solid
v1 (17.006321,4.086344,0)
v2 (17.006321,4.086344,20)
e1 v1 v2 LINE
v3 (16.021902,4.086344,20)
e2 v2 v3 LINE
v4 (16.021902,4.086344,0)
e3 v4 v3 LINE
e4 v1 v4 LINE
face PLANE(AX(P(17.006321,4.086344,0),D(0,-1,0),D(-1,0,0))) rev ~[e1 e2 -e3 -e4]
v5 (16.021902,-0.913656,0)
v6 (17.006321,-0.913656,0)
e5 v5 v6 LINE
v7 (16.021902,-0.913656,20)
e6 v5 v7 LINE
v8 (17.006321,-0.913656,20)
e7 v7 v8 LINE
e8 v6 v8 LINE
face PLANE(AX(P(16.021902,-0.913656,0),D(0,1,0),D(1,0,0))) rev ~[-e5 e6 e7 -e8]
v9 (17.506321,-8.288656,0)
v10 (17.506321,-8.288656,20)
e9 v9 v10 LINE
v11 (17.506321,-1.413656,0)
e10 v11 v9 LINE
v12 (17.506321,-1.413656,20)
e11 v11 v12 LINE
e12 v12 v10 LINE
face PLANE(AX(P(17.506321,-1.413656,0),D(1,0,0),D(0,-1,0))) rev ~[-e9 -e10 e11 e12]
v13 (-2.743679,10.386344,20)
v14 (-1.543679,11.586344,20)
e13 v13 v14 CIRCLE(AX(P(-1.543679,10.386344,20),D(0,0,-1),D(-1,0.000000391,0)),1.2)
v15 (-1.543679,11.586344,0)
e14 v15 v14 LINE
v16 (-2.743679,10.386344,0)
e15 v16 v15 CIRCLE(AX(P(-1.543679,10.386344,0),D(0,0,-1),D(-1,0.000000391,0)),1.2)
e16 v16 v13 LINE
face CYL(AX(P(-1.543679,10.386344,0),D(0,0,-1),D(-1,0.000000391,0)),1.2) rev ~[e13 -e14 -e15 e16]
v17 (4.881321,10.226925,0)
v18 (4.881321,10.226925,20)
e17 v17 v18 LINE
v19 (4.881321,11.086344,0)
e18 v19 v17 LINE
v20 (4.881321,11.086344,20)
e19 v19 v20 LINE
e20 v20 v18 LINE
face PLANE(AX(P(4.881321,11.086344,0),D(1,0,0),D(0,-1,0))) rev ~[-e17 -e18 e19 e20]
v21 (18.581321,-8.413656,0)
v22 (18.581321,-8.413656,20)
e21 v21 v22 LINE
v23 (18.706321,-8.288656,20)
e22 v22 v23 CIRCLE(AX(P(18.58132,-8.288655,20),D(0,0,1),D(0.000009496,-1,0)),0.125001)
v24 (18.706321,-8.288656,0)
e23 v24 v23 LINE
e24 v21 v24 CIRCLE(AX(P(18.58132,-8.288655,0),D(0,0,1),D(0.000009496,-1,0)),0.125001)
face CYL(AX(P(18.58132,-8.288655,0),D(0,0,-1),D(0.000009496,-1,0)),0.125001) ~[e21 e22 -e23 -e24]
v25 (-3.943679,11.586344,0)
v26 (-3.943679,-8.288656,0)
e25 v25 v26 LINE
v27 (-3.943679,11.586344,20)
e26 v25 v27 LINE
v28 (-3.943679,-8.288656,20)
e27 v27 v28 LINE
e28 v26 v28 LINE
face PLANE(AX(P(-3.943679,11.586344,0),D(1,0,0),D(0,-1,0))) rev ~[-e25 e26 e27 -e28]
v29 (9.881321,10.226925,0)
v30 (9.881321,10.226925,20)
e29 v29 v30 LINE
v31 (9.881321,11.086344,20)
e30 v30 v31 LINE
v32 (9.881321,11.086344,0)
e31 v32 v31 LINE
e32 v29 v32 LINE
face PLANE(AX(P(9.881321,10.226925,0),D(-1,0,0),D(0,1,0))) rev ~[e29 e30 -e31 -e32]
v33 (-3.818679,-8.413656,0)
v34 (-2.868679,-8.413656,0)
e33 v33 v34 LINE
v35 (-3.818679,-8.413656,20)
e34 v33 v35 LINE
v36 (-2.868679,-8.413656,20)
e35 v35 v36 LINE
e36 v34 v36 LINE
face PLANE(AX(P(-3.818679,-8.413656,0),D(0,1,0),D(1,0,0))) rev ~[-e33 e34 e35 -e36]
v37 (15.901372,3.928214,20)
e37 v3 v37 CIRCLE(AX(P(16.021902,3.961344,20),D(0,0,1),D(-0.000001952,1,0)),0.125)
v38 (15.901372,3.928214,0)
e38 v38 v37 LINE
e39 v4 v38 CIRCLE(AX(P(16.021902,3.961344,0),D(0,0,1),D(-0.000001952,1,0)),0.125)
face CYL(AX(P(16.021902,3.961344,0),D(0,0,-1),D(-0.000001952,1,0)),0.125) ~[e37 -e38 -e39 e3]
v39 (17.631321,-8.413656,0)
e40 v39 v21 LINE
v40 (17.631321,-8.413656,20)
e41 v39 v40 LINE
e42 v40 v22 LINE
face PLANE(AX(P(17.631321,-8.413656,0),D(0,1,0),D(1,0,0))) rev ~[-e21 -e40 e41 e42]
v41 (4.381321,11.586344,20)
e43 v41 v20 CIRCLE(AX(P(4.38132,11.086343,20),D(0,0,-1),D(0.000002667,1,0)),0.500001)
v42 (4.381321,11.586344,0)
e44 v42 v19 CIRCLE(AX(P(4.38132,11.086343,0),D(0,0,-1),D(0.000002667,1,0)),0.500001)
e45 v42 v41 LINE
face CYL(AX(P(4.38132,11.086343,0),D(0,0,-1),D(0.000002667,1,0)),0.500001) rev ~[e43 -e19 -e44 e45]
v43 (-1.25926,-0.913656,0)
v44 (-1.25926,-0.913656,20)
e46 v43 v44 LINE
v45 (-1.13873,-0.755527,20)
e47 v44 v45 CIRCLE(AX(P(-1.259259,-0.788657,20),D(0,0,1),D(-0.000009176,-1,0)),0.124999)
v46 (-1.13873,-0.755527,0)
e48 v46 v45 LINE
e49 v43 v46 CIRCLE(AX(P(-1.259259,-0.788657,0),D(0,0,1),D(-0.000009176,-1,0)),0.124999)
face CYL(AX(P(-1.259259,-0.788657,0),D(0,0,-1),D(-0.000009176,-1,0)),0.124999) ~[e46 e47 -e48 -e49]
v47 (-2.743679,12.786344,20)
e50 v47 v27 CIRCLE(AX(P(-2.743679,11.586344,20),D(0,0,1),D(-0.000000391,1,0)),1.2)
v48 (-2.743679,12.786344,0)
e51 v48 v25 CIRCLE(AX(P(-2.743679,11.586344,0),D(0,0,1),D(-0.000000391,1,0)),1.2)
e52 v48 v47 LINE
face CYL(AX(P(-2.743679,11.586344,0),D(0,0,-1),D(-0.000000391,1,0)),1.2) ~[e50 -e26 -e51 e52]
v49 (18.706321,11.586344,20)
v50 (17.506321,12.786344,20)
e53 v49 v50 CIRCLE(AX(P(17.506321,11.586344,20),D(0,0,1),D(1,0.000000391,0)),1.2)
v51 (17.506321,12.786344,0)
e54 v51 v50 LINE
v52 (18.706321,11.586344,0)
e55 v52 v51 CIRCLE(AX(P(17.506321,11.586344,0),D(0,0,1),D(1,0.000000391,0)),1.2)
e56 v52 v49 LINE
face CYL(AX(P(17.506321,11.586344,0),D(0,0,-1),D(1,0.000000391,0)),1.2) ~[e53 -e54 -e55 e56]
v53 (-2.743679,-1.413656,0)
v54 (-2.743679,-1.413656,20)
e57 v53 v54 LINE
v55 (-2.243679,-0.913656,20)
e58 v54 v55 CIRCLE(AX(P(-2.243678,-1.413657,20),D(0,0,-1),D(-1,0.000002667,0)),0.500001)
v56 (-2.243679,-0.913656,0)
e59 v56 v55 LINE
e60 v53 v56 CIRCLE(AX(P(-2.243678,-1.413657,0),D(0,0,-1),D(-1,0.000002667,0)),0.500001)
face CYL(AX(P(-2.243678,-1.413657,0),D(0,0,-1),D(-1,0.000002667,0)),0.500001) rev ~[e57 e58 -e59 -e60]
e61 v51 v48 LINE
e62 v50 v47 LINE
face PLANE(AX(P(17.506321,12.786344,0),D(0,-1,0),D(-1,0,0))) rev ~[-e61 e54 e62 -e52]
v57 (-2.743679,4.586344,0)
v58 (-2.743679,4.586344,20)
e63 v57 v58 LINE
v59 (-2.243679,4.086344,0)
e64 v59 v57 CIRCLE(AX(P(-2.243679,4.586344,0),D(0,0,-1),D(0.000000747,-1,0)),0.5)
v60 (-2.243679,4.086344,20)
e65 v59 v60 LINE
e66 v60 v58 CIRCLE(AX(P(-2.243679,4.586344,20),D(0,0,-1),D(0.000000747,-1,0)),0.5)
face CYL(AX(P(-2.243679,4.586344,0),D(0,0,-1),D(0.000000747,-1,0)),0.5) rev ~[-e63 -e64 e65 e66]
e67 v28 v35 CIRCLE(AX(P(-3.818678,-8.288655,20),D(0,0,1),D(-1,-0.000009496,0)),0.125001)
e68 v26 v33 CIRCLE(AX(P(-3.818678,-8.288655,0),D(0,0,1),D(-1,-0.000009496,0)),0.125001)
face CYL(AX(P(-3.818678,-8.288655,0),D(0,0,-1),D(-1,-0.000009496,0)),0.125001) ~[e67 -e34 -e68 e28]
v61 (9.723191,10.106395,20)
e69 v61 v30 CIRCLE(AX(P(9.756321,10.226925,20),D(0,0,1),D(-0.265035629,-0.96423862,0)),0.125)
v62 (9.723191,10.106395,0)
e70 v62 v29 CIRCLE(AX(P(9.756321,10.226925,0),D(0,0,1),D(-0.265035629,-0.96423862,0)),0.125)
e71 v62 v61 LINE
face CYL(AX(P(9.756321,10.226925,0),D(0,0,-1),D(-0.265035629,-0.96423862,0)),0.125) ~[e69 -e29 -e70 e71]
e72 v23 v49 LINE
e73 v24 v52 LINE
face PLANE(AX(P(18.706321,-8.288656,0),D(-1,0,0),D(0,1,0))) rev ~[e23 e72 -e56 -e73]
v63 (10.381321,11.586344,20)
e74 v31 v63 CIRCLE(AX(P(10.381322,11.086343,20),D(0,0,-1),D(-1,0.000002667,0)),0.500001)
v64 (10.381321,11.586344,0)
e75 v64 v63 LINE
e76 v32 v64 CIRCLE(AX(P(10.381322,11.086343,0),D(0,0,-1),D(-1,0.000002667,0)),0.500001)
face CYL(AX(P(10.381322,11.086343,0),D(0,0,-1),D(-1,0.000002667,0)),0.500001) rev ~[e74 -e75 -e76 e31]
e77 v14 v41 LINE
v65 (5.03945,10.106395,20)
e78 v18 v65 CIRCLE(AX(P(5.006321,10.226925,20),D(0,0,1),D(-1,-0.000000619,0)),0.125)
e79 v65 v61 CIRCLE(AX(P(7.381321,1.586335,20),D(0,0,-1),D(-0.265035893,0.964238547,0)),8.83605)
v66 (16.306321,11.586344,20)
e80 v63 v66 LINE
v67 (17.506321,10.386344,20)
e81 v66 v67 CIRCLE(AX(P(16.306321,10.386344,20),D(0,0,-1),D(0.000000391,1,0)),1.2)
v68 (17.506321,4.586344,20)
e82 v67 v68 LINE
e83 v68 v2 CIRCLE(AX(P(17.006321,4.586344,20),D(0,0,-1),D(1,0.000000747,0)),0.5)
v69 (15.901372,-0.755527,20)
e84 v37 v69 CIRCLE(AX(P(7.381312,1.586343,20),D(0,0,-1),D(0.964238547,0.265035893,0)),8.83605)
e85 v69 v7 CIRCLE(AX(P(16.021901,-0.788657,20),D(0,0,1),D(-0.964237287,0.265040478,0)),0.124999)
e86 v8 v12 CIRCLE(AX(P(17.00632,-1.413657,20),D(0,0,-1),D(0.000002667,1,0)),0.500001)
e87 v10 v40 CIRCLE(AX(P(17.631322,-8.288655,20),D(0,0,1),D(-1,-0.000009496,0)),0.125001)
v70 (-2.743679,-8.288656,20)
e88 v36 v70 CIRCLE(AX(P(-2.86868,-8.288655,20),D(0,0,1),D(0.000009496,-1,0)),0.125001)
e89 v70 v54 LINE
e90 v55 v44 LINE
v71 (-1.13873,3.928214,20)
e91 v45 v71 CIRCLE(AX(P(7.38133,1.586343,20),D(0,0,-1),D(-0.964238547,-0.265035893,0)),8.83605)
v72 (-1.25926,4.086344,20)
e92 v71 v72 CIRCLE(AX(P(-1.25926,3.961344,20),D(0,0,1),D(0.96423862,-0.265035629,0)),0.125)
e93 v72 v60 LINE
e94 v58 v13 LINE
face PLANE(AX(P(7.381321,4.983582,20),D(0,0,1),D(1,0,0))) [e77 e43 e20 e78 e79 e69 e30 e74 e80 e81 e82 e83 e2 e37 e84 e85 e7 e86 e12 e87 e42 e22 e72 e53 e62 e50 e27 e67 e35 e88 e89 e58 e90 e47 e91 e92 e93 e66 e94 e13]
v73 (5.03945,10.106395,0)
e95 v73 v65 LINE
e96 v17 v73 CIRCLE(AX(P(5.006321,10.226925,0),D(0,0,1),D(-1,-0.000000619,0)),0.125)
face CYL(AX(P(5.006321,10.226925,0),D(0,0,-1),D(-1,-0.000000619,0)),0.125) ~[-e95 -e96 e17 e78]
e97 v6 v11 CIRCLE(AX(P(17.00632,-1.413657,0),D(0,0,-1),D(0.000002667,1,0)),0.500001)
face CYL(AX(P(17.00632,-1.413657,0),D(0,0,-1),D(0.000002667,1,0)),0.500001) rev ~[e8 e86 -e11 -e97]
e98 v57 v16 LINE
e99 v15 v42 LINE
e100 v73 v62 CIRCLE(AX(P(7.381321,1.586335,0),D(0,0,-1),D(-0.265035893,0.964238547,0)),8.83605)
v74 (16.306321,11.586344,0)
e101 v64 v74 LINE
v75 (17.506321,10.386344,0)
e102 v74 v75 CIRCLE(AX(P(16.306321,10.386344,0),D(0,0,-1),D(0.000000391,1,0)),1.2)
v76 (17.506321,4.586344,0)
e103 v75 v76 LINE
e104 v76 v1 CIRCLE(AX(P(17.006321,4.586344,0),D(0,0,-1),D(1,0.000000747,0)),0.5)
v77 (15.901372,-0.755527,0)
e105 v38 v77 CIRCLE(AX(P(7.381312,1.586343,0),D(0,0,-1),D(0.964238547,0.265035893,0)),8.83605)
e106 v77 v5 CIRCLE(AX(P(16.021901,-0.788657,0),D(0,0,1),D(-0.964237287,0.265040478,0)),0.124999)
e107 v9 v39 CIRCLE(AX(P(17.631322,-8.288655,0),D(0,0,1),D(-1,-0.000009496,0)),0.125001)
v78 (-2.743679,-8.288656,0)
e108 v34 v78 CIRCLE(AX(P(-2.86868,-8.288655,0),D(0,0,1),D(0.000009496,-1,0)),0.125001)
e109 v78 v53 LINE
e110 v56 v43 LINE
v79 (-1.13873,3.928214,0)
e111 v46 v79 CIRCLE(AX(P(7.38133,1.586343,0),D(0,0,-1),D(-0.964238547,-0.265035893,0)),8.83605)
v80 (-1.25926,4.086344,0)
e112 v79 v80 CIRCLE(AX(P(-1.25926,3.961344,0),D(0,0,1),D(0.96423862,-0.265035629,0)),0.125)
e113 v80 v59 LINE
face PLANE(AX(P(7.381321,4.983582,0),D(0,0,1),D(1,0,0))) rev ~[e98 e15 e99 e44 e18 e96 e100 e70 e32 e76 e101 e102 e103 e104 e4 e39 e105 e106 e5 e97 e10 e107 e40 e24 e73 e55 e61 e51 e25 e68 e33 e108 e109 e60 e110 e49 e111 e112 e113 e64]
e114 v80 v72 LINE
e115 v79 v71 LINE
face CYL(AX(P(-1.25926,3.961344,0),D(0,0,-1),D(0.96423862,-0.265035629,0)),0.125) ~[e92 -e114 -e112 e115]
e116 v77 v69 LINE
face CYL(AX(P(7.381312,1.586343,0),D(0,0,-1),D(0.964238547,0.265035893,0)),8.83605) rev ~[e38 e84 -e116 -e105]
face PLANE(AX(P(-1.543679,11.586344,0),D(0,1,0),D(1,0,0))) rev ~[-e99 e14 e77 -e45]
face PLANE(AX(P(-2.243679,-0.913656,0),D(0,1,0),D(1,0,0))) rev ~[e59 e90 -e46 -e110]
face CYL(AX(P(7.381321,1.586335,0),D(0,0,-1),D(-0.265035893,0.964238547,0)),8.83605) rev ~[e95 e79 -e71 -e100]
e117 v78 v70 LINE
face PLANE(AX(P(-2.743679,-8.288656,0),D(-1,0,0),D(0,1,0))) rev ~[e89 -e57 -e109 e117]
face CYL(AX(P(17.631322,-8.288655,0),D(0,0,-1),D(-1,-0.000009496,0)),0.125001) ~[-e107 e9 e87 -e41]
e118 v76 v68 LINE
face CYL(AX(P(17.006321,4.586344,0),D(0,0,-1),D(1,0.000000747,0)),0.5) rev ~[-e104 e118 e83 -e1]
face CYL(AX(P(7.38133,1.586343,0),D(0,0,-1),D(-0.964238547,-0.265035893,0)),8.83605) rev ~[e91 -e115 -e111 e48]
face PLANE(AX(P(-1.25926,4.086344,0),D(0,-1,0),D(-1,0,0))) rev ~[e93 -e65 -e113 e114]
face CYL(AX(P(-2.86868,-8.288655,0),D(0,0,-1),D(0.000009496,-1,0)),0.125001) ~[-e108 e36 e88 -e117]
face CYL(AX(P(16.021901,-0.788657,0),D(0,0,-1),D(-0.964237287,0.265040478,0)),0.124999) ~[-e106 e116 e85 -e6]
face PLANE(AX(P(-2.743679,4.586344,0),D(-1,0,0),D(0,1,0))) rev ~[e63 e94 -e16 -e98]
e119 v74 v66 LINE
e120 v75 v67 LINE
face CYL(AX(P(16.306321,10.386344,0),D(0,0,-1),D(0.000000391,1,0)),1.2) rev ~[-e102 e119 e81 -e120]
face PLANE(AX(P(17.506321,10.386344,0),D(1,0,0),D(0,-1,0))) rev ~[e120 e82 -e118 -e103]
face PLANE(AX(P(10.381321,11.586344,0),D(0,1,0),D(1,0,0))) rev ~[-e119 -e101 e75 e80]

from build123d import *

# Parameters (mm, degrees)
F1_DEPTH = 20


with BuildPart() as f1:
    # F0 (on Top) → F1 (new body)
    with BuildSketch(Plane.XY):
        with BuildLine():
            Line((-3.943679, 11.586344), (-3.943679, -8.288656))
            ThreePointArc((-3.943679, -8.288656), (-3.907067, -8.377044), (-3.818679, -8.413656))
            Line((-3.818679, -8.413656), (-2.868679, -8.413656))
            ThreePointArc((-2.868679, -8.413656), (-2.780291, -8.377044), (-2.743679, -8.288656))
            Line((-2.743679, -8.288656), (-2.743679, -1.413656))
            ThreePointArc((-2.743679, -1.413656), (-2.597232, -1.060103), (-2.243679, -0.913656))
            Line((-2.243679, -0.913656), (-1.25926, -0.913656))
            ThreePointArc((-1.25926, -0.913656), (-1.159846, -0.864432), (-1.13873, -0.755527))
            ThreePointArc((-1.13873, -0.755527), (-1.45472, 1.586344), (-1.13873, 3.928214))
            ThreePointArc((-1.13873, 3.928214), (-1.159846, 4.037119), (-1.25926, 4.086344))
            Line((-1.25926, 4.086344), (-2.243679, 4.086344))
            ThreePointArc((-2.243679, 4.086344), (-2.597232, 4.23279), (-2.743679, 4.586344))
            Line((-2.743679, 4.586344), (-2.743679, 10.386344))
            ThreePointArc((-2.743679, 10.386344), (-2.392207, 11.234872), (-1.543679, 11.586344))
            Line((-1.543679, 11.586344), (4.381321, 11.586344))
            ThreePointArc((4.381321, 11.586344), (4.734874, 11.439897), (4.881321, 11.086344))
            Line((4.881321, 11.086344), (4.881321, 10.226925))
            ThreePointArc((4.881321, 10.226925), (4.930546, 10.127511), (5.03945, 10.106395))
            ThreePointArc((5.03945, 10.106395), (7.381321, 10.422385), (9.723191, 10.106395))
            ThreePointArc((9.723191, 10.106395), (9.832096, 10.127511), (9.881321, 10.226925))
            Line((9.881321, 10.226925), (9.881321, 11.086344))
            ThreePointArc((9.881321, 11.086344), (10.027768, 11.439897), (10.381321, 11.586344))
            Line((10.381321, 11.586344), (16.306321, 11.586344))
            ThreePointArc((16.306321, 11.586344), (17.154849, 11.234872), (17.506321, 10.386344))
            Line((17.506321, 10.386344), (17.506321, 4.586344))
            ThreePointArc((17.506321, 4.586344), (17.359874, 4.23279), (17.006321, 4.086344))
            Line((17.006321, 4.086344), (16.021902, 4.086344))
            ThreePointArc((16.021902, 4.086344), (15.922488, 4.037119), (15.901372, 3.928214))
            ThreePointArc((15.901372, 3.928214), (16.217362, 1.586344), (15.901372, -0.755527))
            ThreePointArc((15.901372, -0.755527), (15.922488, -0.864432), (16.021902, -0.913656))
            Line((16.021902, -0.913656), (17.006321, -0.913656))
            ThreePointArc((17.006321, -0.913656), (17.359874, -1.060103), (17.506321, -1.413656))
            Line((17.506321, -1.413656), (17.506321, -8.288656))
            ThreePointArc((17.506321, -8.288656), (17.542933, -8.377044), (17.631321, -8.413656))
            Line((17.631321, -8.413656), (18.581321, -8.413656))
            ThreePointArc((18.581321, -8.413656), (18.669709, -8.377044), (18.706321, -8.288656))
            Line((18.706321, -8.288656), (18.706321, 11.586344))
            ThreePointArc((18.706321, 11.586344), (18.354849, 12.434872), (17.506321, 12.786344))
            Line((17.506321, 12.786344), (-2.743679, 12.786344))
            ThreePointArc((-2.743679, 12.786344), (-3.592207, 12.434872), (-3.943679, 11.586344))
        make_face()
    extrude(amount=F1_DEPTH)


solid = f1.part
